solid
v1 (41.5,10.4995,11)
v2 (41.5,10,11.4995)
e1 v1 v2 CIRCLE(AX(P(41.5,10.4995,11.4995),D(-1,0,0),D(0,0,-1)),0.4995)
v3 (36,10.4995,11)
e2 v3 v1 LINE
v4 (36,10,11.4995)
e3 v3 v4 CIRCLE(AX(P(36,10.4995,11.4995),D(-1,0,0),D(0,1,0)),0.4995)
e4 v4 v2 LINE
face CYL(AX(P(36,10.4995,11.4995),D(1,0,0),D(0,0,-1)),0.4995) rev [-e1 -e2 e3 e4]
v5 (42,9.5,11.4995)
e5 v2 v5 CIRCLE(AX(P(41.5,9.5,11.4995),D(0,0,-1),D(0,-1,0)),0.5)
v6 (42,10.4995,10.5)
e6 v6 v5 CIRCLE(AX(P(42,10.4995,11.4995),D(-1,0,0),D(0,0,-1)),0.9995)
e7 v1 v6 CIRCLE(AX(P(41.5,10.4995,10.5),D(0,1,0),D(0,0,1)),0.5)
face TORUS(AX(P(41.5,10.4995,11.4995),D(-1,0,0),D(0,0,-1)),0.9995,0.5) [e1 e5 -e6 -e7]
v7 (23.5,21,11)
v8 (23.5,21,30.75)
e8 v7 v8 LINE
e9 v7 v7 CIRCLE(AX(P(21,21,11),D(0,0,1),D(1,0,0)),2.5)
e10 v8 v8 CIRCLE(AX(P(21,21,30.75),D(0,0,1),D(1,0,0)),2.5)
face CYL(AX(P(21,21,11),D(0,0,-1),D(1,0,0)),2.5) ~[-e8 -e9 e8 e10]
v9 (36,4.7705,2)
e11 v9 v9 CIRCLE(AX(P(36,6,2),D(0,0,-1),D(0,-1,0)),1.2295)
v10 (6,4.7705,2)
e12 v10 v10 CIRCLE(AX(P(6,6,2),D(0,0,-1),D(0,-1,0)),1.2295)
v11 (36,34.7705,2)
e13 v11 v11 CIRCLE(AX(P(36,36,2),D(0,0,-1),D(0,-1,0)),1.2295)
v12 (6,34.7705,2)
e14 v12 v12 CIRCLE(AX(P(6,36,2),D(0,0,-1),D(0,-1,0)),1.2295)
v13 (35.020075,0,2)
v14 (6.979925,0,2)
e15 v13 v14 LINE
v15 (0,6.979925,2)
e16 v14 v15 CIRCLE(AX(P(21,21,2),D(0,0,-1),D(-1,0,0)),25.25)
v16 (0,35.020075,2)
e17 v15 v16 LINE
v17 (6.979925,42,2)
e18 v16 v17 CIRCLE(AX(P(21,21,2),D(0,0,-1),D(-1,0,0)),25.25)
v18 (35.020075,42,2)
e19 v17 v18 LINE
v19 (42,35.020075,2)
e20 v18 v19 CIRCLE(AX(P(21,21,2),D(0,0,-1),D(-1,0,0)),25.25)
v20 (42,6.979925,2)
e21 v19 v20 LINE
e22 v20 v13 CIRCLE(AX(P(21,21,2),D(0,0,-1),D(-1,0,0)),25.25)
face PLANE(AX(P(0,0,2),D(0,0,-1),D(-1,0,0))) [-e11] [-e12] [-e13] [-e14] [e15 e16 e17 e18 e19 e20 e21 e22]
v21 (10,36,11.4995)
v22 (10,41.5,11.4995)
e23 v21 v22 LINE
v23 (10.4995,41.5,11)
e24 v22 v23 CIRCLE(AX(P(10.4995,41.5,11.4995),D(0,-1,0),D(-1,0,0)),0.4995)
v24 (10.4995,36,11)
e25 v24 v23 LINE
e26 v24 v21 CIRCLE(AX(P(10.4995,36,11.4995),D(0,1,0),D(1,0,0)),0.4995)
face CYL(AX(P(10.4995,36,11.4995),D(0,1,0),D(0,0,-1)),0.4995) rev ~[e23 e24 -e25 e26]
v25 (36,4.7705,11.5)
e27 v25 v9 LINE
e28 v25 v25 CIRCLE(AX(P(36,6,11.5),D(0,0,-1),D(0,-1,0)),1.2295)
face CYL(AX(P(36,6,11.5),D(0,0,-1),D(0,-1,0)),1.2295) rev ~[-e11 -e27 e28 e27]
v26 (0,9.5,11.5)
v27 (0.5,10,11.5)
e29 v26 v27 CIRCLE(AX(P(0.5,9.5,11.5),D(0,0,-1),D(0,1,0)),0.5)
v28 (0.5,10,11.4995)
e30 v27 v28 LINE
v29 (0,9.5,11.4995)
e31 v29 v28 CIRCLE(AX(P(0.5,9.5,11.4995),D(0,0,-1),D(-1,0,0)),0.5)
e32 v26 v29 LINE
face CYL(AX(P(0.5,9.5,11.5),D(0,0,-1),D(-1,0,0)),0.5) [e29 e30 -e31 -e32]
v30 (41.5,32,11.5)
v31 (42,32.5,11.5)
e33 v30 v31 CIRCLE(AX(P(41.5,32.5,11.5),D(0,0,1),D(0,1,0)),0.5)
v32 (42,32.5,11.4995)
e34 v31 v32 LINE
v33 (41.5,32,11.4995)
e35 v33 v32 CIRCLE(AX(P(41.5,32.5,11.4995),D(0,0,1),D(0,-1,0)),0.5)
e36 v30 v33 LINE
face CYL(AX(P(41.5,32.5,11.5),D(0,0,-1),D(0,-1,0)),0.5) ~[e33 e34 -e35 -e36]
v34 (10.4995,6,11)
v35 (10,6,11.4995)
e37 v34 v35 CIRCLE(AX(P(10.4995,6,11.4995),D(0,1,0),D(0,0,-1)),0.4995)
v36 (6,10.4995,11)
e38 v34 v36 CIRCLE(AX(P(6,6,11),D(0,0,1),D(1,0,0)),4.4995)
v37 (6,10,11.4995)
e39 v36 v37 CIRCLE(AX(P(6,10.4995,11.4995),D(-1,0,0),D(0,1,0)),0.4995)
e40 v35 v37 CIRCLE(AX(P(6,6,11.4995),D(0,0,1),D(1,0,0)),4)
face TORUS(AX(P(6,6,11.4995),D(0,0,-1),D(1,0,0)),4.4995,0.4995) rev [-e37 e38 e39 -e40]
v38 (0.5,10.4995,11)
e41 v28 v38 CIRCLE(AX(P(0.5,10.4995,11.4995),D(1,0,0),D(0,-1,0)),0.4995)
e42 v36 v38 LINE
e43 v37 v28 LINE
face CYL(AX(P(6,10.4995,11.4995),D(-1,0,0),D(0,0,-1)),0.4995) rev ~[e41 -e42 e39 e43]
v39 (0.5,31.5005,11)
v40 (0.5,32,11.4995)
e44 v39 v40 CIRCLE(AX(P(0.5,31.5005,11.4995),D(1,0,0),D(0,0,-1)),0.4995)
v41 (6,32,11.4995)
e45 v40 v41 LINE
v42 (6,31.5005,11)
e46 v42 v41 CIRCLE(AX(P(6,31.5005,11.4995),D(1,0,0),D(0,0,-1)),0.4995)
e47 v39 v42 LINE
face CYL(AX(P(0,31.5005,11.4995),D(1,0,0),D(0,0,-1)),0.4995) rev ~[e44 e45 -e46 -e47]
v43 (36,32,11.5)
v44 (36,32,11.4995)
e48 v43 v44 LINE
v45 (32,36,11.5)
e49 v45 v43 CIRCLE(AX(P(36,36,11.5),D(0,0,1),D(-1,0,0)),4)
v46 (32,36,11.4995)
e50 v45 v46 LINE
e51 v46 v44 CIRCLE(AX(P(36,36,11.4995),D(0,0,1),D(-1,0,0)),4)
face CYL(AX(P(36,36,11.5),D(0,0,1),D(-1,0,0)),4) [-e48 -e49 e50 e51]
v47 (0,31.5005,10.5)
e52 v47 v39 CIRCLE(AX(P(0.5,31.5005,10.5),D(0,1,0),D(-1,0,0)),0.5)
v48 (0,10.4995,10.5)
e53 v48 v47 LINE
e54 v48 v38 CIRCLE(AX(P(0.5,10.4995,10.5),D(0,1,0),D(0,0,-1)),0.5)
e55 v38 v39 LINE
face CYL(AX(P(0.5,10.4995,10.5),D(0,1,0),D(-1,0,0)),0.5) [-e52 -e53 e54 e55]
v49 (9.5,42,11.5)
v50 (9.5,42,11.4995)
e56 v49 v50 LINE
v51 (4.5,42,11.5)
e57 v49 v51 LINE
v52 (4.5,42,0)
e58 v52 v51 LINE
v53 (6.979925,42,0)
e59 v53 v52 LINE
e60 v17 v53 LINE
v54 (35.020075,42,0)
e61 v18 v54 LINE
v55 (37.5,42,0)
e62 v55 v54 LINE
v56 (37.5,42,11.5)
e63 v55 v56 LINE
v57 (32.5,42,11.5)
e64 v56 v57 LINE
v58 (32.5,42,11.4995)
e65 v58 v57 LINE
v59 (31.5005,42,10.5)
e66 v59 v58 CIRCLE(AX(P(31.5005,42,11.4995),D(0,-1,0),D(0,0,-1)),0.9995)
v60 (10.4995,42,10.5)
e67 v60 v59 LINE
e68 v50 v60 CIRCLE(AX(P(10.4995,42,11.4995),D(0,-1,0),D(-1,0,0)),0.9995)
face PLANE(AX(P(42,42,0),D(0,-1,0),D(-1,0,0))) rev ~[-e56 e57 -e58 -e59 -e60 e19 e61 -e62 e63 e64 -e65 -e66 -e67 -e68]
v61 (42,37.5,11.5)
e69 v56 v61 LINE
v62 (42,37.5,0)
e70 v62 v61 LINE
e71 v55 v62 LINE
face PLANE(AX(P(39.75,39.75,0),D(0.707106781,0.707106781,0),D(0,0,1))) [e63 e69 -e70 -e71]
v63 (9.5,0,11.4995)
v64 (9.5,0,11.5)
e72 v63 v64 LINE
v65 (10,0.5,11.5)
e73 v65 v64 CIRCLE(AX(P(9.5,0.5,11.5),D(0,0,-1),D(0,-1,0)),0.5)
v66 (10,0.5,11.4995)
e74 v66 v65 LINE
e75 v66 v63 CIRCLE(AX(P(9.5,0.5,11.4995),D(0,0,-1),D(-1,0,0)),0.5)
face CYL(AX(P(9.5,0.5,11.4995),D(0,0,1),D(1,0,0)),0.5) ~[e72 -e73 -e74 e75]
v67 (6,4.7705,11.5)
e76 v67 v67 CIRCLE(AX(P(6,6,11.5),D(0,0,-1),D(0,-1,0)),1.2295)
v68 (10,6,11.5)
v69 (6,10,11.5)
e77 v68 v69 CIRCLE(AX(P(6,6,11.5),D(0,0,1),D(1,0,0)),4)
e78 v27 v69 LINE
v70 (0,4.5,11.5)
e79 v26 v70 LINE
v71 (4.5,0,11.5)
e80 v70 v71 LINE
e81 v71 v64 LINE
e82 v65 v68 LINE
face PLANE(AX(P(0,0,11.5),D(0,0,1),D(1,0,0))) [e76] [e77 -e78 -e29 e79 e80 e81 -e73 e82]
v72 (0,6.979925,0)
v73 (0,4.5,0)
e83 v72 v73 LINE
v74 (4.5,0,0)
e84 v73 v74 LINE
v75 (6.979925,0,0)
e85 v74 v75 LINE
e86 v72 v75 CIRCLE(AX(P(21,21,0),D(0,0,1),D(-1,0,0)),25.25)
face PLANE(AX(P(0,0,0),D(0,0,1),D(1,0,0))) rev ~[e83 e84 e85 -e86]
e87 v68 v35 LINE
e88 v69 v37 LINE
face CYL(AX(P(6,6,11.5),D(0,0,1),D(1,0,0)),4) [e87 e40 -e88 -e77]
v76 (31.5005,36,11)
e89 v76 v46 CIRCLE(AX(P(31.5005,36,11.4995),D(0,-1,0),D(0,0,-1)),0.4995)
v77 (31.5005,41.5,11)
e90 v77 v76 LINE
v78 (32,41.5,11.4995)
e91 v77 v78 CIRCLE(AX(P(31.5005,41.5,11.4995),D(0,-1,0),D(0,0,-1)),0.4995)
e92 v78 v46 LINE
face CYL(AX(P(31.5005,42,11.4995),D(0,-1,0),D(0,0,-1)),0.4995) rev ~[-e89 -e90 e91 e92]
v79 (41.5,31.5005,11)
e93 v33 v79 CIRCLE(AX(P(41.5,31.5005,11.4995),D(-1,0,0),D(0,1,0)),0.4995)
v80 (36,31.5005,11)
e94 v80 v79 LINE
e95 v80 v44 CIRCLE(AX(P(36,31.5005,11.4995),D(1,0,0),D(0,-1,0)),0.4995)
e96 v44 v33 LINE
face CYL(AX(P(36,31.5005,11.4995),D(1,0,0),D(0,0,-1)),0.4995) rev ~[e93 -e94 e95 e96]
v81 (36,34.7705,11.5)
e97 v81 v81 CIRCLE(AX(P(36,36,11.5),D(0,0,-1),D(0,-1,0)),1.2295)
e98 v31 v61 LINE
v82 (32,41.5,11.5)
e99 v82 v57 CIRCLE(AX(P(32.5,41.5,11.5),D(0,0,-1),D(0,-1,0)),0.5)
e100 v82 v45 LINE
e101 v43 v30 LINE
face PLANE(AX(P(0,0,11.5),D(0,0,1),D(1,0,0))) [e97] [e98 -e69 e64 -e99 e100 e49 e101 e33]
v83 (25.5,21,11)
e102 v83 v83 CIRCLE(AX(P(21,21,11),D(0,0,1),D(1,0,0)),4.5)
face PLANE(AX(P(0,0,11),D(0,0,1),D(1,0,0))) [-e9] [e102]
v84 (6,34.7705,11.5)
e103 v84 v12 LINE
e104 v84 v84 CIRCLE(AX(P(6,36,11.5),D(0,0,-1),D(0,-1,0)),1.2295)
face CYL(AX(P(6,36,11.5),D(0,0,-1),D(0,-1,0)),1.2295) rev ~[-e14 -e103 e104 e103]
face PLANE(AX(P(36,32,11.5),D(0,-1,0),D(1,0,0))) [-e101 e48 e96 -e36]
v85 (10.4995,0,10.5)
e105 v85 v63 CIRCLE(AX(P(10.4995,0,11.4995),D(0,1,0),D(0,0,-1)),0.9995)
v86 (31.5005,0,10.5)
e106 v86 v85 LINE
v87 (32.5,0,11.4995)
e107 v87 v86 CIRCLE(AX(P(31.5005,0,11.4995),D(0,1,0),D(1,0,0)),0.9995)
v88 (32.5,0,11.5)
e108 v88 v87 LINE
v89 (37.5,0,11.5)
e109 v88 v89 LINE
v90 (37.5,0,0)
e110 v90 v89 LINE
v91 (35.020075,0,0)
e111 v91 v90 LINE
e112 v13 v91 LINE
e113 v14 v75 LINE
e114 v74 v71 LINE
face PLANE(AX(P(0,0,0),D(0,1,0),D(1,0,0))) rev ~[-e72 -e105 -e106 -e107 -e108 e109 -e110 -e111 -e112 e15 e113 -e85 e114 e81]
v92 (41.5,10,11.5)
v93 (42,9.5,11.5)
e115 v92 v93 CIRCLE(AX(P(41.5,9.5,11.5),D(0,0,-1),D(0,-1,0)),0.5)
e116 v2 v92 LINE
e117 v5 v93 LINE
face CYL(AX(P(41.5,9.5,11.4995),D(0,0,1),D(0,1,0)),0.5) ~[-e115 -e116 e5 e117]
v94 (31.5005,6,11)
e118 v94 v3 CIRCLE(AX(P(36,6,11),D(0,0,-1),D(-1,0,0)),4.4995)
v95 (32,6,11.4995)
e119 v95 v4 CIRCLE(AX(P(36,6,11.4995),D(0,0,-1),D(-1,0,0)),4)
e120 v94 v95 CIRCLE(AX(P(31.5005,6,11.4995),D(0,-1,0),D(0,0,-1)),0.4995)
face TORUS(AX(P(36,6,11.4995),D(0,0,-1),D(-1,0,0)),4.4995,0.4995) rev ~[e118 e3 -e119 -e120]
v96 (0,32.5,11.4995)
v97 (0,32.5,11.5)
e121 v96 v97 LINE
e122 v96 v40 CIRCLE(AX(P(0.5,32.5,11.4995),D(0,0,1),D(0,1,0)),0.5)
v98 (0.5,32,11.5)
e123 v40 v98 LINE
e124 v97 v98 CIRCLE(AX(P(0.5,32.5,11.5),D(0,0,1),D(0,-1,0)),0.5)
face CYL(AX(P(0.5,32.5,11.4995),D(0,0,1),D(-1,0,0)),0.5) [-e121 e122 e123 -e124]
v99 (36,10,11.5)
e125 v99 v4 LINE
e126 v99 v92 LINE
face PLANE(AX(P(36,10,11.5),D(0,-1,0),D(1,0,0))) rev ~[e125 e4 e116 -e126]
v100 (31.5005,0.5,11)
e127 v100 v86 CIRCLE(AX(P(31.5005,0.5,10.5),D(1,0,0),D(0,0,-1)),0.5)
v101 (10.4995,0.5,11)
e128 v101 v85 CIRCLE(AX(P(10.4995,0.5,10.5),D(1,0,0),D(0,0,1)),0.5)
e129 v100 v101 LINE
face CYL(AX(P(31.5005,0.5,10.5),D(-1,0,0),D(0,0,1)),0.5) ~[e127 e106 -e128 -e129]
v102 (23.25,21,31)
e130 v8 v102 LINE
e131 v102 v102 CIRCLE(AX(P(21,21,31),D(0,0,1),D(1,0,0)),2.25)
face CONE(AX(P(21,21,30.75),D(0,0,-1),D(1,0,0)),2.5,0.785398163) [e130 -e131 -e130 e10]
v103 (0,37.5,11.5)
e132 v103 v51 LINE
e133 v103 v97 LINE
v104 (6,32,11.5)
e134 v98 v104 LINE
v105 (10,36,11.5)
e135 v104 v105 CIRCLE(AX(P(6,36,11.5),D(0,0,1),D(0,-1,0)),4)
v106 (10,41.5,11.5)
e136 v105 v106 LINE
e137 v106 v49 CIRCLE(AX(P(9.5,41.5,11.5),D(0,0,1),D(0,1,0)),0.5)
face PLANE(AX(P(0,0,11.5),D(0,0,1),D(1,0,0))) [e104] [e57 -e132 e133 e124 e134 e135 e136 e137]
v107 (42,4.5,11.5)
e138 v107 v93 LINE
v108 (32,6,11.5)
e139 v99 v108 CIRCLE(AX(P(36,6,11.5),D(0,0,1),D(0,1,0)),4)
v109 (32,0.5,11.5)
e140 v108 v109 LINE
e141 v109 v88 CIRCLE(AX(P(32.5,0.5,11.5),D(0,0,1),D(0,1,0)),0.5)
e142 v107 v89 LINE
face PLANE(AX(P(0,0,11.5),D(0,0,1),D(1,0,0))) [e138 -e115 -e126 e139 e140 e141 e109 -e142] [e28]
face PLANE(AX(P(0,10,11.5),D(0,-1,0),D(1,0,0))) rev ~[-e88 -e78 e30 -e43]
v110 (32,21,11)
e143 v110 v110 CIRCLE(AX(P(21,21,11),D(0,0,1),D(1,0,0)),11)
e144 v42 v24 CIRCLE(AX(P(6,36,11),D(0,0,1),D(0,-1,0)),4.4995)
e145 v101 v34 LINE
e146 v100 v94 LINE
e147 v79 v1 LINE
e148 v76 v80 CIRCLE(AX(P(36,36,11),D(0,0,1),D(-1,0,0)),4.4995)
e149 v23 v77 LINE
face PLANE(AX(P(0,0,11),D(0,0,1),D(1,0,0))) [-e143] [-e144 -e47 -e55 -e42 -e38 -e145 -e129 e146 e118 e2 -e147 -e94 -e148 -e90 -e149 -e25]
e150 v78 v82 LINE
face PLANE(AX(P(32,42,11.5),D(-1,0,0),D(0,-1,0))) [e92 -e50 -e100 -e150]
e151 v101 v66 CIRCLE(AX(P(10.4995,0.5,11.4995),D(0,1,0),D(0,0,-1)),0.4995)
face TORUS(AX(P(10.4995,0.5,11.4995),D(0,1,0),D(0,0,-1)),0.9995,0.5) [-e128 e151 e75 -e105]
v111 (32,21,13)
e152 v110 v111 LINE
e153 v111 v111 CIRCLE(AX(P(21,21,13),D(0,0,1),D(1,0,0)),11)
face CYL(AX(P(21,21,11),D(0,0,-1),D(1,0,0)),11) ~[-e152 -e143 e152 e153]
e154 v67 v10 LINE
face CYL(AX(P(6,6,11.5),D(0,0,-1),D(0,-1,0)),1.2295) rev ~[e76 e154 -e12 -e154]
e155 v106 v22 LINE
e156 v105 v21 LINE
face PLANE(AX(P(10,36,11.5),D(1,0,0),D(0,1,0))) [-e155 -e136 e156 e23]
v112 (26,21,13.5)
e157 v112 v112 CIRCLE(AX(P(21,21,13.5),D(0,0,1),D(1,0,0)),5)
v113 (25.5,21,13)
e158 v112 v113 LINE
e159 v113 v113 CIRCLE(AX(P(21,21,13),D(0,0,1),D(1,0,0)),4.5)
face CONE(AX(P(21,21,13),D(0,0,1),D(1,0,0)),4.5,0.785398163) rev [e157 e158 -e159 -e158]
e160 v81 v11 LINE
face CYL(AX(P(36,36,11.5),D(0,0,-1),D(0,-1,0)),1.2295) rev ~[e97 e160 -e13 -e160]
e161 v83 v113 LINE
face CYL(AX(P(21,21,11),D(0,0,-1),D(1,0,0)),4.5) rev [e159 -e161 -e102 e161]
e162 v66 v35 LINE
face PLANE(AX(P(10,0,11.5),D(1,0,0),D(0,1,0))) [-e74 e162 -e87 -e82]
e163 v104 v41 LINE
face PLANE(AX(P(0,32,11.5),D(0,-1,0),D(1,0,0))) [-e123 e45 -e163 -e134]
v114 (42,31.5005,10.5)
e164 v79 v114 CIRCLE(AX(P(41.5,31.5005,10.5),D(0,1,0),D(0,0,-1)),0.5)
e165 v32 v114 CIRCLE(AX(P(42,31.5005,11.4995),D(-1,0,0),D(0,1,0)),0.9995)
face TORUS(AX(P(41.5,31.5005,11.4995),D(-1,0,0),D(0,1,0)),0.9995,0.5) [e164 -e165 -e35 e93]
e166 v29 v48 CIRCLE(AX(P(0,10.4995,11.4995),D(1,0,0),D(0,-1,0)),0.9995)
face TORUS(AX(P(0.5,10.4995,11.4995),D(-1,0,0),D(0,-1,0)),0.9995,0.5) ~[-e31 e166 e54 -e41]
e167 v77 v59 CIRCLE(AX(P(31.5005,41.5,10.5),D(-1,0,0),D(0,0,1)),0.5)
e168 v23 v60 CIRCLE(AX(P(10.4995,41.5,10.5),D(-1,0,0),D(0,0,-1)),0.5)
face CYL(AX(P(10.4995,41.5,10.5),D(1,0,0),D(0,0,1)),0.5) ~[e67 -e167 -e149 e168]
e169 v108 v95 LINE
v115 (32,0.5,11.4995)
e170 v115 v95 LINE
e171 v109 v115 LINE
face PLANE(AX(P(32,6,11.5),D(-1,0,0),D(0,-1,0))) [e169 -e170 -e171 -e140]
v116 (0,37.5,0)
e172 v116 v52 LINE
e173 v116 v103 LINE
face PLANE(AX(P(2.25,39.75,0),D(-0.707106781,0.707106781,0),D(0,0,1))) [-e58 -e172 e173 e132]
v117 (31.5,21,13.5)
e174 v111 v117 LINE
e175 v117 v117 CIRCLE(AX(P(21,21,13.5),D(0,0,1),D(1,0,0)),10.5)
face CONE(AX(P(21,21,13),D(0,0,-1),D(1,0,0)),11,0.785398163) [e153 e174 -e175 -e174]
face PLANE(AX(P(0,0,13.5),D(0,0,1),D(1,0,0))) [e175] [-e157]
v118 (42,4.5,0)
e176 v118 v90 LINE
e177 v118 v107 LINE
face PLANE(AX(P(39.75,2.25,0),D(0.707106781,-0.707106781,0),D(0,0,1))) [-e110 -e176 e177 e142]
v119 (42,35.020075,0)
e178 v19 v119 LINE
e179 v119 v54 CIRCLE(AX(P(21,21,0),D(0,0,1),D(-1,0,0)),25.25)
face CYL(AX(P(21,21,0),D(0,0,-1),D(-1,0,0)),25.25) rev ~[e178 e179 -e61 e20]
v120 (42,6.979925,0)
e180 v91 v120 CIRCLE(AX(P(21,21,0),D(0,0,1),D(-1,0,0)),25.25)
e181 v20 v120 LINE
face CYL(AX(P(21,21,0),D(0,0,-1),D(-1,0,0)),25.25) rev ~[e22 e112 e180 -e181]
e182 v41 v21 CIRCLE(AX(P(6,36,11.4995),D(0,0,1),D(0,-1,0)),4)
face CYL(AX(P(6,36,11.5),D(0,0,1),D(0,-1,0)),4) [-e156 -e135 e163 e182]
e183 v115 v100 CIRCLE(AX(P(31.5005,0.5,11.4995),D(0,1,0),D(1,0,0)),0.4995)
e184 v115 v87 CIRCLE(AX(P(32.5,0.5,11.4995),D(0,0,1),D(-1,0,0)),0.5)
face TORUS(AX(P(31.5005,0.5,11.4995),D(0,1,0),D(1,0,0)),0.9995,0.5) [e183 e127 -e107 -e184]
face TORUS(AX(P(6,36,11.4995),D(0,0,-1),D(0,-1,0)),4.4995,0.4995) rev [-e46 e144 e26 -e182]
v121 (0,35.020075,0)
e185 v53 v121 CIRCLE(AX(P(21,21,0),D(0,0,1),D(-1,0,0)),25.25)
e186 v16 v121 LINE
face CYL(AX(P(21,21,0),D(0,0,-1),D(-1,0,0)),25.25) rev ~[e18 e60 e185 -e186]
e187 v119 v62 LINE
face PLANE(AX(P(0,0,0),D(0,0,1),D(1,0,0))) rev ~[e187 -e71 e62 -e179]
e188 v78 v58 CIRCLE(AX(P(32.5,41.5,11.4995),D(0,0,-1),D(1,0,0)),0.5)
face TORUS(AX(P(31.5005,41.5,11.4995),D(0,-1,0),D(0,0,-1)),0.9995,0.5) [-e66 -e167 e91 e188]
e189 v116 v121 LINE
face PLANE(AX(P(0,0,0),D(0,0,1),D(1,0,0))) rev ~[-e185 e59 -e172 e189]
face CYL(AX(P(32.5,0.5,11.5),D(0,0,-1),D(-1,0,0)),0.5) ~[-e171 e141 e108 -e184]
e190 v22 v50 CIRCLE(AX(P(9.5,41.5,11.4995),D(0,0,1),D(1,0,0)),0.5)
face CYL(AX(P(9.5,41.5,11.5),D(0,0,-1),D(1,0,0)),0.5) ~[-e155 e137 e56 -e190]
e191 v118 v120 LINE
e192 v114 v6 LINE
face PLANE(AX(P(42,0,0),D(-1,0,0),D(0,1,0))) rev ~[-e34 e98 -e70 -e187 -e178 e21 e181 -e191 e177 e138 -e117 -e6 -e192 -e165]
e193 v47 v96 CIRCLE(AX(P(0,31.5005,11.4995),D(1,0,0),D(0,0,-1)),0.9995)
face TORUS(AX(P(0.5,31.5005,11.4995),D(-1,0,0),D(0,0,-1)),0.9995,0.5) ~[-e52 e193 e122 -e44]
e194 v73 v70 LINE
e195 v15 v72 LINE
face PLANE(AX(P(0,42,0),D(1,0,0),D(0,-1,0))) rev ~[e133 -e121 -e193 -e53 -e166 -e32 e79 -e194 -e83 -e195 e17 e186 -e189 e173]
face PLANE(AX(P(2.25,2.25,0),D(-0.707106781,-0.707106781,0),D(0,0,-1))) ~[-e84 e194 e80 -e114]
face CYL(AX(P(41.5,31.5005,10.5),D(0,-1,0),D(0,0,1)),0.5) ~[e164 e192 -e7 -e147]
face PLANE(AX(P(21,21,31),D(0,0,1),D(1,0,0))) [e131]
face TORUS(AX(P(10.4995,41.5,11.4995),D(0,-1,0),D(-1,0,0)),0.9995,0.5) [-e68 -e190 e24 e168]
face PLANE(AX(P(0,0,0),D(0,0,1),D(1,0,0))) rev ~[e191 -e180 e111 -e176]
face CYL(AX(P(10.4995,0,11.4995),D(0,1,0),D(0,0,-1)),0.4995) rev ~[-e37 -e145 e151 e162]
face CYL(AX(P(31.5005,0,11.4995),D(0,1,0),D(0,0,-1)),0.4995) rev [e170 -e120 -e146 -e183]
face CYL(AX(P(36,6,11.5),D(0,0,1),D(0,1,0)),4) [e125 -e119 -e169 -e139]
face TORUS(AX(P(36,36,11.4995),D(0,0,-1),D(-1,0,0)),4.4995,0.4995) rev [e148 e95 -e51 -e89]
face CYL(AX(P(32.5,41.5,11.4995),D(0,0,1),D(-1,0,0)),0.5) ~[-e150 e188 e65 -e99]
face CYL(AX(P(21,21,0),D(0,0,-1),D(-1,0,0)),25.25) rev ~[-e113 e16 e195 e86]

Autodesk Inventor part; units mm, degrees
ref_plane "YZ Plane" through (0, 0, 0) normal (1, 0, 0) x (0, 1, 0)
ref_plane "XZ Plane" through (0, 0, 0) normal (0, 1, 0) x (-1, 0, 0)
ref_plane "XY Plane" through (0, 0, 0) normal (0, 0, 1) x (1, 0, 0)
sketch "Sketch1" plane through (0, 0, 0) normal (0, 0, 1) x (1, 0, 0)
  line L0 (0, 0) -> (42, 0)
  line L1 (42, 0) -> (42, 42)
  line L2 (42, 42) -> (0, 42)
  line L3 (0, 42) -> (0, 0)
  dimension "d0" = 42
  dimension "d1" = 42
extrude "Extrusion1" add sketch "Sketch1" along normal blind 11.5
chamfer "Chamfer1" distance 4.5 angle 45 4 edges at (0, 0, 5.75) (42, 0, 5.75) (42, 42, 5.75) (0, 42, 5.75)
sketch "Sketch2" plane through (0, 0, 11.5) normal (0, 0, 1) x (1, 0, 0)
  line L0 (4.5, 42) -> (37.5, 42) projected
  line L1 (0, 4.5) -> (0, 37.5) projected
  line L2 (37.5, 0) -> (4.5, 0) projected
  line L3 (42, 37.5) -> (42, 4.5) projected
  line L4 (10, 0) -> (10, 6)
  line L5 (10, 36) -> (10, 42)
  line L6 (0, 32) -> (6, 32)
  line L7 (36, 32) -> (42, 32)
  line L8 (0, 10) -> (6, 10)
  line L9 (36, 10) -> (42, 10)
  line L10 (32, 42) -> (32, 36)
  line L11 (32, 6) -> (32, 0)
  arc A0 (6, 32) -> (10, 36) centre (6, 36) ccw
  arc A1 (32, 36) -> (36, 32) centre (36, 36) ccw
  arc A2 (36, 10) -> (32, 6) centre (36, 6) ccw
  arc A3 (10, 6) -> (6, 10) centre (6, 6) ccw
  dimension "d10" = 4
extrude "Extrusion2" cut sketch "Sketch2" against normal blind 0.5
fillet "Fillet1" radius 0.5 12 edges at (8.8284, 8.8284, 11) (10, 3, 11) (3, 10, 11) (3, 32, 11) (8.8284, 33.1716, 11) (10, 39, 11) (33.1716, 33.1716, 11) (32, 39, 11) (39, 32, 11) (39, 10, 11) (33.1716, 8.8284, 11) (32, 3, 11)
fillet "Fillet2" radius 0.5 12 edges at (0, 21, 11) (0, 10.1463, 11.1463) (0, 31.8537, 11.1463) (21, 42, 11) (10.1463, 42, 11.1463) (31.8537, 42, 11.1463) (42, 21, 11) (42, 31.8537, 11.1463) (42, 10.1463, 11.1463) (21, 0, 11) (31.8537, 0, 11.1463) (10.1463, 0, 11.1463)
sketch "Sketch3" plane through (0, 0, 11) normal (0, 0, 1) x (1, 0, 0)
  circle A0 centre (21, 21) radius 11
  line L0 (10.5, 0) -> (31.5, 0) projected
  line L1 (0, 31.5) -> (0, 10.5) projected
  circle A1 centre (21, 21) radius 4.5
  dimension "d15" = 22
  dimension "d16" = 21
  dimension "d17" = 21
  dimension "d18" = 9
extrude "Extrusion3" add sketch "Sketch3" along normal blind 2.5
chamfer "Chamfer2" distance 0.5 angle 45 2 edges at (10, 21, 13.5) (16.5, 21, 13.5)
sketch "Sketch4" plane through (21, 21, 11) normal (0, 0, 1) x (1, 0, 0)
  circle A0 centre (0, 0) radius 4.5 projected
  circle A1 centre (0, 0) radius 2.5
  dimension "d23" = 5
extrude "Extrusion4" add sketch "Sketch4" along normal blind 20 contours A1
sketch "Sketch5" plane through (0, 0, 11.5) normal (0, 0, 1) x (1, 0, 0)
  arc A0 (10, 6) -> (6, 10) centre (6, 6) ccw projected
  point P0 (36, 6)
  point P1 (6, 36)
  point P2 (36, 36)
  dimension "d28" = 30
  dimension "d29" = 30
hole "Hole1" at (6, 6, 11.5) at (36, 6, 11.5) at (6, 36, 11.5) at (36, 36, 11.5) direction (0, 0, -1) diameter 2.459 end through all thread size "M3x0.5" class "6H" standard "ANSI Metric M Profile"
sketch "Sketch6" plane through (0, 0, 0) normal (0, 0, -1) x (-1, 0, 0)
  line L0 (-42, 4.5) -> (-42, 37.5) projected
  line L1 (-4.5, 0) -> (-37.5, 0) projected
  circle A0 centre (-21, 21) radius 25.25
  dimension "d37" = 50.5
  dimension "d38" = 21
  dimension "d39" = 21
extrude "Extrusion5" cut sketch "Sketch6" against normal blind 2
chamfer "倒角4" distance 0.25 angle 45 1 edges at (18.5, 21, 31)
properties part number "stepper_front"
